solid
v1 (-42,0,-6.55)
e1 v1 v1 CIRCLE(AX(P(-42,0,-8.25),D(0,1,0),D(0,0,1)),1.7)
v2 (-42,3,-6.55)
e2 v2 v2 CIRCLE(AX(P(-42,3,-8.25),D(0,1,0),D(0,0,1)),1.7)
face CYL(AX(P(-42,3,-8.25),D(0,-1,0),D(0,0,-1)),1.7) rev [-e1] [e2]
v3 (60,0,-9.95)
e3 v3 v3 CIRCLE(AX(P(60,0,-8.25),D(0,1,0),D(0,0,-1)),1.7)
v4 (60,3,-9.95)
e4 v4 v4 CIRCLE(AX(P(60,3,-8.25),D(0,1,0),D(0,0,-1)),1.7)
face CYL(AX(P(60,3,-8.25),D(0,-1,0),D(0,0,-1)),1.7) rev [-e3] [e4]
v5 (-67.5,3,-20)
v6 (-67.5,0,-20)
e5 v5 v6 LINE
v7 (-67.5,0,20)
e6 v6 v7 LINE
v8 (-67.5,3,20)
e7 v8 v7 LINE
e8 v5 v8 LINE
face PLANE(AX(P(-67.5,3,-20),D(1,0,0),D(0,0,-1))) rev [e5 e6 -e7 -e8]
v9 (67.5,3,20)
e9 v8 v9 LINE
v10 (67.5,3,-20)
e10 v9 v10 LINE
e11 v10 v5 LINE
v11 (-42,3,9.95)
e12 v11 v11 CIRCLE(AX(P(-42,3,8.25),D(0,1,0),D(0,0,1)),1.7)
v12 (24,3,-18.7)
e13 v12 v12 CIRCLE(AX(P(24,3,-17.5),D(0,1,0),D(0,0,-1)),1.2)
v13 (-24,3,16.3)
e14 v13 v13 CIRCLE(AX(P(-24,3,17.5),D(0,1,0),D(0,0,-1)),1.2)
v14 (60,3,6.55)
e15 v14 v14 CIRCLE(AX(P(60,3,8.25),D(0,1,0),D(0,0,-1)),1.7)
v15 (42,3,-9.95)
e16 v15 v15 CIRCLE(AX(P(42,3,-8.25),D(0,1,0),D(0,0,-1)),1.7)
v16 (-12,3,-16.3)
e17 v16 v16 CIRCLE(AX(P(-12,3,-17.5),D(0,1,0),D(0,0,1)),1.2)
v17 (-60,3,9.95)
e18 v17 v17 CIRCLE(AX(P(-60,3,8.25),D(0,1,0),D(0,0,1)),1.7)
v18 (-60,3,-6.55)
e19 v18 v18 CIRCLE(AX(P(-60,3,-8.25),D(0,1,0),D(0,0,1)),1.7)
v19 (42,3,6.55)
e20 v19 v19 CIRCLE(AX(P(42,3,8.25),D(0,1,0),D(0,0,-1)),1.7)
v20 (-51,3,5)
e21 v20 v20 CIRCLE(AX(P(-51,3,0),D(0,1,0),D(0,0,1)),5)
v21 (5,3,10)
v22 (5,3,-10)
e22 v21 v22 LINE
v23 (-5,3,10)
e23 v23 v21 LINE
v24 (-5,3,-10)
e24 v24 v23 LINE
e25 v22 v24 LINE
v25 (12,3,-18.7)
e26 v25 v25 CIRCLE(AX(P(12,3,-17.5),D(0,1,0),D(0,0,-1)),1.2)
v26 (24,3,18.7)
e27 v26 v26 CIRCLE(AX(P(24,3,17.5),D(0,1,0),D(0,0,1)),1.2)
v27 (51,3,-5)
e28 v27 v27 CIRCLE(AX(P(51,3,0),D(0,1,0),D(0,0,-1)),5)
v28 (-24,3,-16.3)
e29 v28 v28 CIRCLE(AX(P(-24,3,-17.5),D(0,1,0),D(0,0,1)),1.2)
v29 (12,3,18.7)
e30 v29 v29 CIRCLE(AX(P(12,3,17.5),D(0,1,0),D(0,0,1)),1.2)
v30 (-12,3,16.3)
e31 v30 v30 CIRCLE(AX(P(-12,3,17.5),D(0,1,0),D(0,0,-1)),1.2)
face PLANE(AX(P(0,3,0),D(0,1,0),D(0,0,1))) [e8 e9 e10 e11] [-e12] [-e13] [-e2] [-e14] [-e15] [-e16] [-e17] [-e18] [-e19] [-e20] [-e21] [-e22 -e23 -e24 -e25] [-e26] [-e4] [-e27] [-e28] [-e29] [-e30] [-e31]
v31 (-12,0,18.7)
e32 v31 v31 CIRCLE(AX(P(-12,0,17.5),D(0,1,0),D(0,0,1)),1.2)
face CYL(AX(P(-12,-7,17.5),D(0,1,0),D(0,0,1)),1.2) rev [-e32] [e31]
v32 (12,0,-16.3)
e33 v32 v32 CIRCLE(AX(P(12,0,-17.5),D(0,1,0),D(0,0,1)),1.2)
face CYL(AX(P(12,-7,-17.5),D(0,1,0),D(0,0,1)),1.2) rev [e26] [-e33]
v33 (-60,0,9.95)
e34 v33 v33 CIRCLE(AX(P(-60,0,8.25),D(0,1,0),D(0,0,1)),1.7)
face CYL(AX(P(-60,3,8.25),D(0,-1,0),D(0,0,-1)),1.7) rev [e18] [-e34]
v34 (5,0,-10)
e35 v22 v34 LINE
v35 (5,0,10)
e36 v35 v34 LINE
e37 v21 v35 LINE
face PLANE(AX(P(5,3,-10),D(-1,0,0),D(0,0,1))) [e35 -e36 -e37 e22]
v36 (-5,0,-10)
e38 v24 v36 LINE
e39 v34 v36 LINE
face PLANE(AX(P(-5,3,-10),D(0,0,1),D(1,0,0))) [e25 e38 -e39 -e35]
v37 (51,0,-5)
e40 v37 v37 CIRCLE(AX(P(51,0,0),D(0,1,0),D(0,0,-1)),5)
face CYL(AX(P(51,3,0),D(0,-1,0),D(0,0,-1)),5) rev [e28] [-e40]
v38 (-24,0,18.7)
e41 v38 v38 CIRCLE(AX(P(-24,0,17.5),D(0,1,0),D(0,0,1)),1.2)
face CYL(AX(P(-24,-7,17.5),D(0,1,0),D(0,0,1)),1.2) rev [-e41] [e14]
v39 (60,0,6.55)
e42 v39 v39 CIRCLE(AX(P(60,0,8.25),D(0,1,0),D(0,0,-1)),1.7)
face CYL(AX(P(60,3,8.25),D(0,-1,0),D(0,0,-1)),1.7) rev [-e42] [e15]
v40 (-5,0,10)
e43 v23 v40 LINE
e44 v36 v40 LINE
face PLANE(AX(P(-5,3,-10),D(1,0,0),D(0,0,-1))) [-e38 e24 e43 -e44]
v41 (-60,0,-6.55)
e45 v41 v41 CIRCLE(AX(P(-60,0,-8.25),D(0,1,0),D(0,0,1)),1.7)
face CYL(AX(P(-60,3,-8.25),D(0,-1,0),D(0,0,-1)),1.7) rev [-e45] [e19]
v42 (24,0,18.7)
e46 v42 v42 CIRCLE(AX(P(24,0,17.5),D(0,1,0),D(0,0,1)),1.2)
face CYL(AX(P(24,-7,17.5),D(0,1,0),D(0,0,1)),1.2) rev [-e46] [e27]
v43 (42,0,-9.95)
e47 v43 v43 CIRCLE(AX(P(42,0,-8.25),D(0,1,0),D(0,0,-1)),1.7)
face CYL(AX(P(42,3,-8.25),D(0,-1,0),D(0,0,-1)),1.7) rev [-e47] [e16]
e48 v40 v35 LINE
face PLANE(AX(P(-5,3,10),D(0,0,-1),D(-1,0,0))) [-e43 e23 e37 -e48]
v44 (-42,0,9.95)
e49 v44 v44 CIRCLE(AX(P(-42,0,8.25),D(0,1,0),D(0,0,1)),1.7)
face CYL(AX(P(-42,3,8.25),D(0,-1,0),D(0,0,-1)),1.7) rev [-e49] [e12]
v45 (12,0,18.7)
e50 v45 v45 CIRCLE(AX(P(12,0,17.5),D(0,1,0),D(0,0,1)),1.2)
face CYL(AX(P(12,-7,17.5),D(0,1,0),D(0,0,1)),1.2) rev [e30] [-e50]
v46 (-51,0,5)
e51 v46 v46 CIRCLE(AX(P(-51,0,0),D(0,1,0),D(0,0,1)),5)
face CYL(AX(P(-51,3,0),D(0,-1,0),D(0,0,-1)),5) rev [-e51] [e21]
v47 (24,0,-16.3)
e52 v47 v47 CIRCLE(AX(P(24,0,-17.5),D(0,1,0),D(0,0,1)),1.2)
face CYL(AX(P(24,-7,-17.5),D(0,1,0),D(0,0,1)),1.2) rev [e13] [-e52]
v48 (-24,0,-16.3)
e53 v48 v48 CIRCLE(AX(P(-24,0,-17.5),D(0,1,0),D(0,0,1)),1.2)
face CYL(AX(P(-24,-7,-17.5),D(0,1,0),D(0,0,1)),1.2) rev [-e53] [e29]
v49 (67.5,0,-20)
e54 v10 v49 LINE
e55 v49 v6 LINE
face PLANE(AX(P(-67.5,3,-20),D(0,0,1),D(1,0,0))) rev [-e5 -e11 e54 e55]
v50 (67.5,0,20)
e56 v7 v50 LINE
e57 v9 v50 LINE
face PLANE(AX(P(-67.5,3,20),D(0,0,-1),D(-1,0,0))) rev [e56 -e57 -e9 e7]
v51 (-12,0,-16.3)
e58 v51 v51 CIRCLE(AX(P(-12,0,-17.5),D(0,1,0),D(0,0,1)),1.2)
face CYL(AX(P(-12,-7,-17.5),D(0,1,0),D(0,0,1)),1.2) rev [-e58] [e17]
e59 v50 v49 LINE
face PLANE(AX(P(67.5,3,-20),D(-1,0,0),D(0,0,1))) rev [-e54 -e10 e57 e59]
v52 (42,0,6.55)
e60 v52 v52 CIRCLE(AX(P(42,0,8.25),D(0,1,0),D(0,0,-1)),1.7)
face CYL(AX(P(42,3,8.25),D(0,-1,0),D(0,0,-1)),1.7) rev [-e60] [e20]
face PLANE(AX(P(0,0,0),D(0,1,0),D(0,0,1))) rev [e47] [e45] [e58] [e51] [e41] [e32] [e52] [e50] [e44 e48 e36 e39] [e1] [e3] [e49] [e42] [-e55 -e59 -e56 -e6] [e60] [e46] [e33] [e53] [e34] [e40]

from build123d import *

# Parameters (mm, degrees)
SKETCH1_W           = 135
SKETCH1_H           = 40
SKETCH1_R           = 5
SKETCH1_R_2         = 1.7
SKETCH1_W_2         = 10
SKETCH1_H_2         = 20
BOSS_EXTRUDE1_DEPTH = 3
SKETCH3_R           = 1.2
CUT_EXTRUDE1_DEPTH  = 10


with BuildPart() as part:
    # Sketch1 → Boss-Extrude1 (new body)
    with BuildSketch(Plane(origin=(0, 0, 0), x_dir=(1, 0, 0), z_dir=(0, 1, 0))):
        Rectangle(SKETCH1_W, SKETCH1_H)
        with Locations(Location((-51, 0, 0), (0, 0, 270))):
            Circle(SKETCH1_R, mode=Mode.SUBTRACT)
        with Locations(Location((-60, 8.25, 0), (0, 0, 270))):
            Circle(SKETCH1_R_2, mode=Mode.SUBTRACT)
        with Locations(Location((-42, 8.25, 0), (0, 0, 270))):
            Circle(SKETCH1_R_2, mode=Mode.SUBTRACT)
        with Locations(Location((-42, -8.25, 0), (0, 0, 270))):
            Circle(SKETCH1_R_2, mode=Mode.SUBTRACT)
        with Locations(Location((-60, -8.25, 0), (0, 0, 270))):
            Circle(SKETCH1_R_2, mode=Mode.SUBTRACT)
        with Locations(Location((51, 0, 0), (0, 0, 90))):
            Circle(SKETCH1_R, mode=Mode.SUBTRACT)
        with Locations(Location((42, 8.25, 0), (0, 0, 90))):
            Circle(SKETCH1_R_2, mode=Mode.SUBTRACT)
        with Locations(Location((42, -8.25, 0), (0, 0, 90))):
            Circle(SKETCH1_R_2, mode=Mode.SUBTRACT)
        with Locations(Location((60, -8.25, 0), (0, 0, 90))):
            Circle(SKETCH1_R_2, mode=Mode.SUBTRACT)
        with Locations(Location((60, 8.25, 0), (0, 0, 90))):
            Circle(SKETCH1_R_2, mode=Mode.SUBTRACT)
        Rectangle(SKETCH1_W_2, SKETCH1_H_2, mode=Mode.SUBTRACT)
    extrude(amount=BOSS_EXTRUDE1_DEPTH)

    # Sketch3 → Cut-Extrude1 (cut)
    with BuildSketch(Plane(origin=(0, 3, 0), x_dir=(1, 0, 0), z_dir=(0, 1, 0))):
        with Locations(Location((-12, 17.5, 0), (0, 0, 270))):
            Circle(SKETCH3_R)
        with Locations(Location((-12, -17.5, 0), (0, 0, 270))):
            Circle(SKETCH3_R)
        with Locations(Location((-24, 17.5, 0), (0, 0, 270))):
            Circle(SKETCH3_R)
        with Locations(Location((-24, -17.5, 0), (0, 0, 270))):
            Circle(SKETCH3_R)
        with Locations(Location((24, -17.5, 0), (0, 0, 270))):
            Circle(SKETCH3_R)
        with Locations(Location((24, 17.5, 0), (0, 0, 270))):
            Circle(SKETCH3_R)
        with Locations(Location((12, -17.5, 0), (0, 0, 270))):
            Circle(SKETCH3_R)
        with Locations(Location((12, 17.5, 0), (0, 0, 270))):
            Circle(SKETCH3_R)
    extrude(amount=-CUT_EXTRUDE1_DEPTH, mode=Mode.SUBTRACT)


solid = part.part
